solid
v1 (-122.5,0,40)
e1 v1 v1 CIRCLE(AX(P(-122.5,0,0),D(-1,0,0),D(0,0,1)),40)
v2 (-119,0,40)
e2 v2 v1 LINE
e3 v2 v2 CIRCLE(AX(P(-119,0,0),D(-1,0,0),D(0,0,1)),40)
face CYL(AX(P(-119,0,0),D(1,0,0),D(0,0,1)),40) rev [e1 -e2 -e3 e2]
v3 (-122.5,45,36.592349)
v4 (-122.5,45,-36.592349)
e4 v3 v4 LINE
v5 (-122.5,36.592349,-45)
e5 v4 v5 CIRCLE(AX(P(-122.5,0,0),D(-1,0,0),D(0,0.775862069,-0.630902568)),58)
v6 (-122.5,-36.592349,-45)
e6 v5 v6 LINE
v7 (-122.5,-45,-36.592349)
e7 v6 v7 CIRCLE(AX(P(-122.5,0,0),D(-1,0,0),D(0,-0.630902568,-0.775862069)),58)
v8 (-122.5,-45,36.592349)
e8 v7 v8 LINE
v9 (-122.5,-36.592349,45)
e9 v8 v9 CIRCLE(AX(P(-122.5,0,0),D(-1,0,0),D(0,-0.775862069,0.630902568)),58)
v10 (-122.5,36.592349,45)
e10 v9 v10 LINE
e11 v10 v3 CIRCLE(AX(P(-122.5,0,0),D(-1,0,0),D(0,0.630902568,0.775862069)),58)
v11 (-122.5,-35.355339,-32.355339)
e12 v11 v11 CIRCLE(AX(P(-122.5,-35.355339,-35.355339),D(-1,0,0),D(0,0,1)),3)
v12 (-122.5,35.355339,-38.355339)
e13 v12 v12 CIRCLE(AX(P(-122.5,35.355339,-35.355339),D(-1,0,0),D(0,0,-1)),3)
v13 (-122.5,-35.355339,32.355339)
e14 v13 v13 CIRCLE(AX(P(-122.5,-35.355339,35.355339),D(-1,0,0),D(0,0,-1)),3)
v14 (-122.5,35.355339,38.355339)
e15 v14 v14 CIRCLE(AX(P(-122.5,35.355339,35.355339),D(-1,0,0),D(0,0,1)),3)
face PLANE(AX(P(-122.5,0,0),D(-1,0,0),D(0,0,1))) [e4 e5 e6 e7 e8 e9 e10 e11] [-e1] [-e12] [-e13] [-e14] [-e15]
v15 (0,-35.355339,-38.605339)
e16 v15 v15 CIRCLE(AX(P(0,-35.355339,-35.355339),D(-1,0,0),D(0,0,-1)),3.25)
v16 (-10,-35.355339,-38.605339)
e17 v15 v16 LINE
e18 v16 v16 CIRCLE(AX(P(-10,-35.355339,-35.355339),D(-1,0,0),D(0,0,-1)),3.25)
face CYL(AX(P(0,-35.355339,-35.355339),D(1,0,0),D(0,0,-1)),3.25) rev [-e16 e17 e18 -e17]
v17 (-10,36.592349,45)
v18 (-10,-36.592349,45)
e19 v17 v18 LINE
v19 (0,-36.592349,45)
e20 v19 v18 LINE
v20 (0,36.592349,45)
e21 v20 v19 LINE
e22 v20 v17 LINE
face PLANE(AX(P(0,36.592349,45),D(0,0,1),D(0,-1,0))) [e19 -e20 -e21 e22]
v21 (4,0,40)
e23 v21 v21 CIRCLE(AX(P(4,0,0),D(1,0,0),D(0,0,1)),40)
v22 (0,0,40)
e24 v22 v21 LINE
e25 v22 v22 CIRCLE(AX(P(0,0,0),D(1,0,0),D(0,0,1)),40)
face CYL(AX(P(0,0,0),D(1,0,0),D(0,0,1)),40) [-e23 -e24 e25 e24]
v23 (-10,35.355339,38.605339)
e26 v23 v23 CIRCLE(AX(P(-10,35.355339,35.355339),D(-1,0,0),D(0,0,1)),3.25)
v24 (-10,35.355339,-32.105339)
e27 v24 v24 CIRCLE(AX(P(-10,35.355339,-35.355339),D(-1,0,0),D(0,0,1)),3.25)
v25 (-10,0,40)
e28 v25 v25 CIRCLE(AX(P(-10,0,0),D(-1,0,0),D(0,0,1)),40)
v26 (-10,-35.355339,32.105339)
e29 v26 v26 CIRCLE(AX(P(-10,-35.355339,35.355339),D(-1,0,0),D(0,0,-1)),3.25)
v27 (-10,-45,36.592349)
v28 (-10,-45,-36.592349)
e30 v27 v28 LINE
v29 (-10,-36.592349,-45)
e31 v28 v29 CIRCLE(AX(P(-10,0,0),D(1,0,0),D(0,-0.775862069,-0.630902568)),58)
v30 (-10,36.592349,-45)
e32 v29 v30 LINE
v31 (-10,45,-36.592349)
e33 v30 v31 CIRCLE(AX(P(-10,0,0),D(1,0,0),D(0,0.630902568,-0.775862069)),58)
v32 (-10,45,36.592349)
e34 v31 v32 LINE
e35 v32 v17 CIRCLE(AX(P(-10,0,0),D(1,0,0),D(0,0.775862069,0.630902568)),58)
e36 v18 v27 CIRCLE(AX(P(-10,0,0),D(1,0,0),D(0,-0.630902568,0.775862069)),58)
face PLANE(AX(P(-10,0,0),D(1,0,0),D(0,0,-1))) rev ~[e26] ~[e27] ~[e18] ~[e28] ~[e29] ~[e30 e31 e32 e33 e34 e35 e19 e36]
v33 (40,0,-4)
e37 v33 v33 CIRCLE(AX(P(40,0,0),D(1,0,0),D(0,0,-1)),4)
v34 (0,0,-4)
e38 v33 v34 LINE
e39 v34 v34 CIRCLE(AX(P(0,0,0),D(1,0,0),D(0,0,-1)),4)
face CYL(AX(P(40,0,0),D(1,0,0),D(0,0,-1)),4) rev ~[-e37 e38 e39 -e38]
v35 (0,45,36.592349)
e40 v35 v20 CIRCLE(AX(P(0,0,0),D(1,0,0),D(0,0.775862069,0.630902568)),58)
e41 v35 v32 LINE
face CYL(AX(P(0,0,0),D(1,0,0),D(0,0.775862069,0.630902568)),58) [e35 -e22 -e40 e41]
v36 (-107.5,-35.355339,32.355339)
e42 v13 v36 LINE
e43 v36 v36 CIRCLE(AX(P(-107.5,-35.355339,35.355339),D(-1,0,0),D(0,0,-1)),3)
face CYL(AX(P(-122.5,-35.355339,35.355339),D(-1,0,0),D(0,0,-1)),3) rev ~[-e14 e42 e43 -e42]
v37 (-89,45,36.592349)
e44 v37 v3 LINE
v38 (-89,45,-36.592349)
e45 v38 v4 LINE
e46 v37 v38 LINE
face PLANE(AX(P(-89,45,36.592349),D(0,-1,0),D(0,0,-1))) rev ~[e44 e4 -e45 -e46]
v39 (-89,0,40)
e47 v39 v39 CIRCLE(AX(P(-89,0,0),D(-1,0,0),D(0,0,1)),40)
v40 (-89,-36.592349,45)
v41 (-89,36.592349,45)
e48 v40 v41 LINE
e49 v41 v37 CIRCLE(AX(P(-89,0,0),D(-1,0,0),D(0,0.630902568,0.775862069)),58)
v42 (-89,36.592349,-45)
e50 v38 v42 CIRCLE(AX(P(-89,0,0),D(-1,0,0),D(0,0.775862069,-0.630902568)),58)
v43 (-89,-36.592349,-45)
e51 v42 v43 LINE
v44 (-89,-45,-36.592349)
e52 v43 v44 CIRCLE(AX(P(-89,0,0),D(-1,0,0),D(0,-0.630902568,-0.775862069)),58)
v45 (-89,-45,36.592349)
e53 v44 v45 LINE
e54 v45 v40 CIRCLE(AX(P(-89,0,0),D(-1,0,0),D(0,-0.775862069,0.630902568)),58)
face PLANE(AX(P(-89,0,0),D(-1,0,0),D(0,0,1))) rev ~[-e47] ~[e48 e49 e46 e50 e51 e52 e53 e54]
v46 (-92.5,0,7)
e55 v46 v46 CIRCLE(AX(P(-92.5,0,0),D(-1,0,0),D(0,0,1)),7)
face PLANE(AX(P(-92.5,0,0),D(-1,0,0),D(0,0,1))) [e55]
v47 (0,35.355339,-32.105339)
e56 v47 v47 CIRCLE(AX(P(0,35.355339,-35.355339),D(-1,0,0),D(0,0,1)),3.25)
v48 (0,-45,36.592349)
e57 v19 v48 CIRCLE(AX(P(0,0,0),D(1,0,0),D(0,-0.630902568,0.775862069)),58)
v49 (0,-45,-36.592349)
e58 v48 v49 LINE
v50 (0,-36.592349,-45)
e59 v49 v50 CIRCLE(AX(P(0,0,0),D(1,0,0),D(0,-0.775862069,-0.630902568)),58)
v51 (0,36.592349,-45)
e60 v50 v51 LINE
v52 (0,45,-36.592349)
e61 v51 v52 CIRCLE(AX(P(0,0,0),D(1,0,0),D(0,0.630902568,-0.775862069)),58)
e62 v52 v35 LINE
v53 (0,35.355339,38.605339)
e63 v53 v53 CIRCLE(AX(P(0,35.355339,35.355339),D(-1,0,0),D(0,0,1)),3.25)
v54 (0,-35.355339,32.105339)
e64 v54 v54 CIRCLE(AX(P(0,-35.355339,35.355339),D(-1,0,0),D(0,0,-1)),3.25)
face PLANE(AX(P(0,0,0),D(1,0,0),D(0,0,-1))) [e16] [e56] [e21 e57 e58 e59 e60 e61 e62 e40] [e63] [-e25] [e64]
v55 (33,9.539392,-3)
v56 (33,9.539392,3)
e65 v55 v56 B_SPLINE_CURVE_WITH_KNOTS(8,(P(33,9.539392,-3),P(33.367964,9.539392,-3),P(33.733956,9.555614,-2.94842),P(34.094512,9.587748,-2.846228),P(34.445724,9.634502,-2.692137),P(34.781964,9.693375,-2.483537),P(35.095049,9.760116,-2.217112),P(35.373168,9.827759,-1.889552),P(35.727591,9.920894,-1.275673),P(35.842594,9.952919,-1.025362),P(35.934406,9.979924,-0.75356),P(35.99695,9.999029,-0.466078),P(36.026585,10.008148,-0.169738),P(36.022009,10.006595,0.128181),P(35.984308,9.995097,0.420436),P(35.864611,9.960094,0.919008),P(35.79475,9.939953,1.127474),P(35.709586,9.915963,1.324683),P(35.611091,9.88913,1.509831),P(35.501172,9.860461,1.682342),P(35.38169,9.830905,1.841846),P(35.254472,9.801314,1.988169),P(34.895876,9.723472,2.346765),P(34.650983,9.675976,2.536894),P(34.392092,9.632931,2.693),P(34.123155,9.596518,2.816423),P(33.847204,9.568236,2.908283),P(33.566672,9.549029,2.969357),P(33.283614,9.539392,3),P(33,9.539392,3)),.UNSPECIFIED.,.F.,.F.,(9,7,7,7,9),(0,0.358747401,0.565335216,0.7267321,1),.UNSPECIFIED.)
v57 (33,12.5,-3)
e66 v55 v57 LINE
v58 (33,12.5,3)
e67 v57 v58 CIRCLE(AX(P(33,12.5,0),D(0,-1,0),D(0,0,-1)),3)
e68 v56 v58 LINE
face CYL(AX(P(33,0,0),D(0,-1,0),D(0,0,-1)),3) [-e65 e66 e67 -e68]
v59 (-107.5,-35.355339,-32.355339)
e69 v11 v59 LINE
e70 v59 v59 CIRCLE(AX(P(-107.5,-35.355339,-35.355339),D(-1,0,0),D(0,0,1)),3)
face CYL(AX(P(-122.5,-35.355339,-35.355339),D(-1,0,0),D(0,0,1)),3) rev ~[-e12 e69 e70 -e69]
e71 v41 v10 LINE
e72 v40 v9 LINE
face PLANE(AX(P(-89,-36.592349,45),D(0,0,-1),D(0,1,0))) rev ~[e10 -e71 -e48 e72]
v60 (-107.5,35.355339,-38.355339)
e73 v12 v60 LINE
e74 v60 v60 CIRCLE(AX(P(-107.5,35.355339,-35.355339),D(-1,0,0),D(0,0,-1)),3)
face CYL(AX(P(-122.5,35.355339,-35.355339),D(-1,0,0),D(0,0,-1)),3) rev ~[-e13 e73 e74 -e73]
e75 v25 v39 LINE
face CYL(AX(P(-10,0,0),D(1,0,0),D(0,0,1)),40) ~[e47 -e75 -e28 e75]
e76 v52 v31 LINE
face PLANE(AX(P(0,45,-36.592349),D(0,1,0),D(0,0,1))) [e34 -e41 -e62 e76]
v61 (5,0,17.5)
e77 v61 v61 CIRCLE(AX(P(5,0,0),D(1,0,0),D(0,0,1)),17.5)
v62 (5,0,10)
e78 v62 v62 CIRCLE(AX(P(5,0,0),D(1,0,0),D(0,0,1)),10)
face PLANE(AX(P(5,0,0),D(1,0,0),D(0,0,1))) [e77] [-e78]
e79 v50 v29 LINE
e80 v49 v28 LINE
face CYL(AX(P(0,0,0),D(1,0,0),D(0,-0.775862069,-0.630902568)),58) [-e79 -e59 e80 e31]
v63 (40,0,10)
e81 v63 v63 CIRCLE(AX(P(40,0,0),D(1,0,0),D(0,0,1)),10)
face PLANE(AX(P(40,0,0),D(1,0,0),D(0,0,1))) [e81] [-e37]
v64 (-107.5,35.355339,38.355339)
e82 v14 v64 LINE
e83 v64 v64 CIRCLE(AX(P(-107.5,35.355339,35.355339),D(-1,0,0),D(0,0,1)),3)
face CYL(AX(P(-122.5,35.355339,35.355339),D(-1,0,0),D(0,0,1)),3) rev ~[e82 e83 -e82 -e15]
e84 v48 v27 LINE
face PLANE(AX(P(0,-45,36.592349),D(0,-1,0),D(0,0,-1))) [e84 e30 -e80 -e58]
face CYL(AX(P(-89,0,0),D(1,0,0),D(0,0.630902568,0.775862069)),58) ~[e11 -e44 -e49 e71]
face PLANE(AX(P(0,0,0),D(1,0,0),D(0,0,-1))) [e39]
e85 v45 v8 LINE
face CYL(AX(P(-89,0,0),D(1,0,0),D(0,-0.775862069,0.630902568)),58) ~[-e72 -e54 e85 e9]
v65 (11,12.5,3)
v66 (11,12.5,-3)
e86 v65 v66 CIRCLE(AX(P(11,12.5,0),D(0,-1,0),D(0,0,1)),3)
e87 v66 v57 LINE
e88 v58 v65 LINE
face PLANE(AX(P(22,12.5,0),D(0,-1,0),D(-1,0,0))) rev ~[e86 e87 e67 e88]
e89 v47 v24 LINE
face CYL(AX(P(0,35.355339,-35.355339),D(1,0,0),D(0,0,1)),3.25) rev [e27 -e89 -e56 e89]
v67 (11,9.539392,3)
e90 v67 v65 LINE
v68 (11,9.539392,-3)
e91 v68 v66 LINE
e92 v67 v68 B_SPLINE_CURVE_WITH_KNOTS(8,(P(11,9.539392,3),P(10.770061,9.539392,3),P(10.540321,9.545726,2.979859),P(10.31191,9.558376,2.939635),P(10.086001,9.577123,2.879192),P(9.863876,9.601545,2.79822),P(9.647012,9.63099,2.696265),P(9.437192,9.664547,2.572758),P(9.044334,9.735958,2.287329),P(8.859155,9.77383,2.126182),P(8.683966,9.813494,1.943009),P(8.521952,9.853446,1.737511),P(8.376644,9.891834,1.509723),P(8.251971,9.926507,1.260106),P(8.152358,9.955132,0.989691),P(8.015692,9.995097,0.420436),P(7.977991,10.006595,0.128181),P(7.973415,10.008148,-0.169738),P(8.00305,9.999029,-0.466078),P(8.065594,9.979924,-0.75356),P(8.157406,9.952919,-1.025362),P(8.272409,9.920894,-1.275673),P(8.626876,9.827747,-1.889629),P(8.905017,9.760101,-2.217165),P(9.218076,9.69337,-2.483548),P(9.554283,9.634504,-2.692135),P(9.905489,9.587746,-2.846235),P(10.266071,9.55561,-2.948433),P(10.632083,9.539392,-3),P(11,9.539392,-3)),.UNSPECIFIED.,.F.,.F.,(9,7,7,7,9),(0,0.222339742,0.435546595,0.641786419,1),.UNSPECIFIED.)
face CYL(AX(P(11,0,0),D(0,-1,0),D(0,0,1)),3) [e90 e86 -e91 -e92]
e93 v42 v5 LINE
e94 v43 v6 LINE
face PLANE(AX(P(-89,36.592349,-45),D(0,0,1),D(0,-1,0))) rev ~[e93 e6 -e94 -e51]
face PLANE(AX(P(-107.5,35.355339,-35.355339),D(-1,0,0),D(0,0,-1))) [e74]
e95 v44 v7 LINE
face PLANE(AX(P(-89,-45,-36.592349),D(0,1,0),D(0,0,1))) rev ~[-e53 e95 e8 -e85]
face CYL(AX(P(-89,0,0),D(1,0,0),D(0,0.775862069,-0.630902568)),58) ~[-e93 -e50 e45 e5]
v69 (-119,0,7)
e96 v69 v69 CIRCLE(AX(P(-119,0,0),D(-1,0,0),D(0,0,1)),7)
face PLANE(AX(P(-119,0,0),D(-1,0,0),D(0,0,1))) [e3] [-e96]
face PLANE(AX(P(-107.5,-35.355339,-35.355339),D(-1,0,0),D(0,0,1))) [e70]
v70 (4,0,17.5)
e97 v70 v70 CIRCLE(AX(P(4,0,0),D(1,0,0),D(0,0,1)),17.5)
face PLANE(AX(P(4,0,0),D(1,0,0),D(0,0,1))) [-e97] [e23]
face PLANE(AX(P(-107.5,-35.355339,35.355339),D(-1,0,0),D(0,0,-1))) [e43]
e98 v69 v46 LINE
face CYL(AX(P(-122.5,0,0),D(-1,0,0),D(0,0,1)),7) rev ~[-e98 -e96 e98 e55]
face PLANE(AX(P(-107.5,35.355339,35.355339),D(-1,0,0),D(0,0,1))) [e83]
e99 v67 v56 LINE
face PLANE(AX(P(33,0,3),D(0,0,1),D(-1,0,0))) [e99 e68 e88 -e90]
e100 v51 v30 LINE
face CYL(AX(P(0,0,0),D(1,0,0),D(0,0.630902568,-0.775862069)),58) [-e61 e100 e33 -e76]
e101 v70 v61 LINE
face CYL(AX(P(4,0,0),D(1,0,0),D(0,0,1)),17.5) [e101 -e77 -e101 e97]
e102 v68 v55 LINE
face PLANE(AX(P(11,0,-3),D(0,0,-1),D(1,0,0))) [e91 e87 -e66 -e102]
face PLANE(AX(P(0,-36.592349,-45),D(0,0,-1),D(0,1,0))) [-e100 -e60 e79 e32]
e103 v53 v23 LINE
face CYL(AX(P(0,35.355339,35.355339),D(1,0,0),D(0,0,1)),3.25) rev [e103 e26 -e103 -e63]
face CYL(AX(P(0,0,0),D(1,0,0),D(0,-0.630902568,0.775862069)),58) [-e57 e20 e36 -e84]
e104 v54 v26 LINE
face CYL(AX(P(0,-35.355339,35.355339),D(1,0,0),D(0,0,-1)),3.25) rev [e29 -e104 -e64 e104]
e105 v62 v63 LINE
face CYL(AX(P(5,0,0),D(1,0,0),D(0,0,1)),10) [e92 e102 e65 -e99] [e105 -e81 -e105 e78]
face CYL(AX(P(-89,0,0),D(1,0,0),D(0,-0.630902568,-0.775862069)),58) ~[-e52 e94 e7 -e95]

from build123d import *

# Parameters (mm, degrees)
EXTRUDE_1_DEPTH     = 12.5
CUT_EXTRUDE_1_REACH = 71.282
SKETCH_3_R          = 4
SKETCH_4_R          = 3.25
EXTRUDE_2_DEPTH     = 10
SKETCH_5_R          = 40
EXTRUDE_3_DEPTH     = 79
EXTRUDE_4_DEPTH     = 33.5
CUT_EXTRUDE_START   = -3.5
SKETCH_7_R          = 40
CUT_EXTRUDE_2_DEPTH = 3.5
SKETCH_8_R          = 7
CUT_EXTRUDE_3_DEPTH = 30
SKETCH_9_R          = 3
CUT_EXTRUDE_4_DEPTH = 15


with BuildPart() as part:
    # 草图1 → 旋转1 (revolve)
    with BuildSketch(Plane.XY, mode=Mode.PRIVATE) as revolve_1_sk:
        Polygon((0, 0), (0, 40), (4, 40), (4, 17.5), (5, 17.5), (5, 10), (40, 10), (40, 0), align=None)
    revolve(revolve_1_sk.sketch.rotate(Axis((-53.526377828, 0, 0), (1, 0, 0)), 90), axis=Axis((-53.526377828, 0, 0), (1, 0, 0)))

    # 草图2 → 凸台-拉伸1 (add)
    with BuildSketch(Plane(origin=(0, 0, 0), x_dir=(1, 0, 0), z_dir=(0, 1, 0))):
        with BuildLine():
            Line((11, 3), (33, 3))
            ThreePointArc((33, 3), (36, 0), (33, -3))
            Line((33, -3), (11, -3))
            ThreePointArc((11, -3), (8, 0), (11, 3))
        make_face()
    extrude(amount=EXTRUDE_1_DEPTH)

    # 草图3 → 切除-拉伸1 (cut, up to next)
    with BuildSketch(Plane(origin=(40, 0, 0), x_dir=(0, 0, -1), z_dir=(1, 0, 0)), mode=Mode.PRIVATE) as cut_extrude_1_sk1:
        Circle(SKETCH_3_R)
    cut_extrude_1_tool1 = extrude(cut_extrude_1_sk1.sketch, amount=-CUT_EXTRUDE_1_REACH, mode=Mode.PRIVATE) & part.part
    add(cut_extrude_1_tool1.solids().sort_by_distance((40, 0, 0))[0], mode=Mode.SUBTRACT)

    # 草图4 → 凸台-拉伸2 (add)
    with BuildSketch(Plane.ZY):
        with BuildLine():
            Line((36.592348927, -45), (-36.592348927, -45))
            ThreePointArc((-36.592348927, -45), (-41.012193309, -41.012193309), (-45, -36.592348927))
            Line((-45, -36.592348927), (-45, 36.592348927))
            ThreePointArc((-45, 36.592348927), (-41.012193309, 41.012193309), (-36.592348927, 45))
            Line((-36.592348927, 45), (36.592348927, 45))
            ThreePointArc((36.592348927, 45), (41.012193309, 41.012193309), (45, 36.592348927))
            Line((45, 36.592348927), (45, -36.592348927))
            ThreePointArc((45, -36.592348927), (41.012193309, -41.012193309), (36.592348927, -45))
        make_face()
        with Locations((-35.355339059, 35.355339059)):
            Circle(SKETCH_4_R, mode=Mode.SUBTRACT)
        with Locations(Location((35.355339059, -35.355339059, 0), (0, 0, 180))):
            Circle(SKETCH_4_R, mode=Mode.SUBTRACT)
        with Locations((35.355339059, 35.355339059)):
            Circle(SKETCH_4_R, mode=Mode.SUBTRACT)
        with Locations(Location((-35.355339059, -35.355339059, 0), (0, 0, 180))):
            Circle(SKETCH_4_R, mode=Mode.SUBTRACT)
    extrude(amount=EXTRUDE_2_DEPTH)

    # 草图5 → 凸台-拉伸3 (add)
    with BuildSketch(Plane.ZY.offset(10)):
        Circle(SKETCH_5_R)
    extrude(amount=EXTRUDE_3_DEPTH)

    # 草图6 → 凸台-拉伸4 (add)
    with BuildSketch(Plane.ZY.offset(89)):
        with BuildLine():
            Line((36.592348927, 45), (-36.592348927, 45))
            ThreePointArc((-36.592348927, 45), (-41.012193309, 41.012193309), (-45, 36.592348927))
            Line((-45, 36.592348927), (-45, -36.592348927))
            ThreePointArc((-45, -36.592348927), (-41.012193309, -41.012193309), (-36.592348927, -45))
            Line((-36.592348927, -45), (36.592348927, -45))
            ThreePointArc((36.592348927, -45), (41.012193309, -41.012193309), (45, -36.592348927))
            Line((45, -36.592348927), (45, 36.592348927))
            ThreePointArc((45, 36.592348927), (41.012193309, 41.012193309), (36.592348927, 45))
        make_face()
    extrude(amount=EXTRUDE_4_DEPTH)

    # 草图7 → 切除-拉伸2 (cut)
    with BuildSketch(Plane.ZY.offset(122.5).offset(CUT_EXTRUDE_START)):
        Circle(SKETCH_7_R)
    extrude(amount=CUT_EXTRUDE_2_DEPTH, mode=Mode.SUBTRACT)

    # 草图8 → 切除-拉伸3 (cut)
    with BuildSketch(Plane.ZY.offset(122.5)):
        Circle(SKETCH_8_R)
    extrude(amount=-CUT_EXTRUDE_3_DEPTH, mode=Mode.SUBTRACT)

    # 草图9 → 切除-拉伸4 (cut)
    with BuildSketch(Plane.ZY.offset(122.5)):
        with Locations((35.355339059, 35.355339059)):
            Circle(SKETCH_9_R)
        with Locations(Location((-35.355339059, 35.355339059, 0), (0, 0, 180))):
            Circle(SKETCH_9_R)
        with Locations(Location((35.355339059, -35.355339059, 0), (0, 0, 180))):
            Circle(SKETCH_9_R)
        with Locations((-35.355339059, -35.355339059)):
            Circle(SKETCH_9_R)
    extrude(amount=-CUT_EXTRUDE_4_DEPTH, mode=Mode.SUBTRACT)


solid = part.part
